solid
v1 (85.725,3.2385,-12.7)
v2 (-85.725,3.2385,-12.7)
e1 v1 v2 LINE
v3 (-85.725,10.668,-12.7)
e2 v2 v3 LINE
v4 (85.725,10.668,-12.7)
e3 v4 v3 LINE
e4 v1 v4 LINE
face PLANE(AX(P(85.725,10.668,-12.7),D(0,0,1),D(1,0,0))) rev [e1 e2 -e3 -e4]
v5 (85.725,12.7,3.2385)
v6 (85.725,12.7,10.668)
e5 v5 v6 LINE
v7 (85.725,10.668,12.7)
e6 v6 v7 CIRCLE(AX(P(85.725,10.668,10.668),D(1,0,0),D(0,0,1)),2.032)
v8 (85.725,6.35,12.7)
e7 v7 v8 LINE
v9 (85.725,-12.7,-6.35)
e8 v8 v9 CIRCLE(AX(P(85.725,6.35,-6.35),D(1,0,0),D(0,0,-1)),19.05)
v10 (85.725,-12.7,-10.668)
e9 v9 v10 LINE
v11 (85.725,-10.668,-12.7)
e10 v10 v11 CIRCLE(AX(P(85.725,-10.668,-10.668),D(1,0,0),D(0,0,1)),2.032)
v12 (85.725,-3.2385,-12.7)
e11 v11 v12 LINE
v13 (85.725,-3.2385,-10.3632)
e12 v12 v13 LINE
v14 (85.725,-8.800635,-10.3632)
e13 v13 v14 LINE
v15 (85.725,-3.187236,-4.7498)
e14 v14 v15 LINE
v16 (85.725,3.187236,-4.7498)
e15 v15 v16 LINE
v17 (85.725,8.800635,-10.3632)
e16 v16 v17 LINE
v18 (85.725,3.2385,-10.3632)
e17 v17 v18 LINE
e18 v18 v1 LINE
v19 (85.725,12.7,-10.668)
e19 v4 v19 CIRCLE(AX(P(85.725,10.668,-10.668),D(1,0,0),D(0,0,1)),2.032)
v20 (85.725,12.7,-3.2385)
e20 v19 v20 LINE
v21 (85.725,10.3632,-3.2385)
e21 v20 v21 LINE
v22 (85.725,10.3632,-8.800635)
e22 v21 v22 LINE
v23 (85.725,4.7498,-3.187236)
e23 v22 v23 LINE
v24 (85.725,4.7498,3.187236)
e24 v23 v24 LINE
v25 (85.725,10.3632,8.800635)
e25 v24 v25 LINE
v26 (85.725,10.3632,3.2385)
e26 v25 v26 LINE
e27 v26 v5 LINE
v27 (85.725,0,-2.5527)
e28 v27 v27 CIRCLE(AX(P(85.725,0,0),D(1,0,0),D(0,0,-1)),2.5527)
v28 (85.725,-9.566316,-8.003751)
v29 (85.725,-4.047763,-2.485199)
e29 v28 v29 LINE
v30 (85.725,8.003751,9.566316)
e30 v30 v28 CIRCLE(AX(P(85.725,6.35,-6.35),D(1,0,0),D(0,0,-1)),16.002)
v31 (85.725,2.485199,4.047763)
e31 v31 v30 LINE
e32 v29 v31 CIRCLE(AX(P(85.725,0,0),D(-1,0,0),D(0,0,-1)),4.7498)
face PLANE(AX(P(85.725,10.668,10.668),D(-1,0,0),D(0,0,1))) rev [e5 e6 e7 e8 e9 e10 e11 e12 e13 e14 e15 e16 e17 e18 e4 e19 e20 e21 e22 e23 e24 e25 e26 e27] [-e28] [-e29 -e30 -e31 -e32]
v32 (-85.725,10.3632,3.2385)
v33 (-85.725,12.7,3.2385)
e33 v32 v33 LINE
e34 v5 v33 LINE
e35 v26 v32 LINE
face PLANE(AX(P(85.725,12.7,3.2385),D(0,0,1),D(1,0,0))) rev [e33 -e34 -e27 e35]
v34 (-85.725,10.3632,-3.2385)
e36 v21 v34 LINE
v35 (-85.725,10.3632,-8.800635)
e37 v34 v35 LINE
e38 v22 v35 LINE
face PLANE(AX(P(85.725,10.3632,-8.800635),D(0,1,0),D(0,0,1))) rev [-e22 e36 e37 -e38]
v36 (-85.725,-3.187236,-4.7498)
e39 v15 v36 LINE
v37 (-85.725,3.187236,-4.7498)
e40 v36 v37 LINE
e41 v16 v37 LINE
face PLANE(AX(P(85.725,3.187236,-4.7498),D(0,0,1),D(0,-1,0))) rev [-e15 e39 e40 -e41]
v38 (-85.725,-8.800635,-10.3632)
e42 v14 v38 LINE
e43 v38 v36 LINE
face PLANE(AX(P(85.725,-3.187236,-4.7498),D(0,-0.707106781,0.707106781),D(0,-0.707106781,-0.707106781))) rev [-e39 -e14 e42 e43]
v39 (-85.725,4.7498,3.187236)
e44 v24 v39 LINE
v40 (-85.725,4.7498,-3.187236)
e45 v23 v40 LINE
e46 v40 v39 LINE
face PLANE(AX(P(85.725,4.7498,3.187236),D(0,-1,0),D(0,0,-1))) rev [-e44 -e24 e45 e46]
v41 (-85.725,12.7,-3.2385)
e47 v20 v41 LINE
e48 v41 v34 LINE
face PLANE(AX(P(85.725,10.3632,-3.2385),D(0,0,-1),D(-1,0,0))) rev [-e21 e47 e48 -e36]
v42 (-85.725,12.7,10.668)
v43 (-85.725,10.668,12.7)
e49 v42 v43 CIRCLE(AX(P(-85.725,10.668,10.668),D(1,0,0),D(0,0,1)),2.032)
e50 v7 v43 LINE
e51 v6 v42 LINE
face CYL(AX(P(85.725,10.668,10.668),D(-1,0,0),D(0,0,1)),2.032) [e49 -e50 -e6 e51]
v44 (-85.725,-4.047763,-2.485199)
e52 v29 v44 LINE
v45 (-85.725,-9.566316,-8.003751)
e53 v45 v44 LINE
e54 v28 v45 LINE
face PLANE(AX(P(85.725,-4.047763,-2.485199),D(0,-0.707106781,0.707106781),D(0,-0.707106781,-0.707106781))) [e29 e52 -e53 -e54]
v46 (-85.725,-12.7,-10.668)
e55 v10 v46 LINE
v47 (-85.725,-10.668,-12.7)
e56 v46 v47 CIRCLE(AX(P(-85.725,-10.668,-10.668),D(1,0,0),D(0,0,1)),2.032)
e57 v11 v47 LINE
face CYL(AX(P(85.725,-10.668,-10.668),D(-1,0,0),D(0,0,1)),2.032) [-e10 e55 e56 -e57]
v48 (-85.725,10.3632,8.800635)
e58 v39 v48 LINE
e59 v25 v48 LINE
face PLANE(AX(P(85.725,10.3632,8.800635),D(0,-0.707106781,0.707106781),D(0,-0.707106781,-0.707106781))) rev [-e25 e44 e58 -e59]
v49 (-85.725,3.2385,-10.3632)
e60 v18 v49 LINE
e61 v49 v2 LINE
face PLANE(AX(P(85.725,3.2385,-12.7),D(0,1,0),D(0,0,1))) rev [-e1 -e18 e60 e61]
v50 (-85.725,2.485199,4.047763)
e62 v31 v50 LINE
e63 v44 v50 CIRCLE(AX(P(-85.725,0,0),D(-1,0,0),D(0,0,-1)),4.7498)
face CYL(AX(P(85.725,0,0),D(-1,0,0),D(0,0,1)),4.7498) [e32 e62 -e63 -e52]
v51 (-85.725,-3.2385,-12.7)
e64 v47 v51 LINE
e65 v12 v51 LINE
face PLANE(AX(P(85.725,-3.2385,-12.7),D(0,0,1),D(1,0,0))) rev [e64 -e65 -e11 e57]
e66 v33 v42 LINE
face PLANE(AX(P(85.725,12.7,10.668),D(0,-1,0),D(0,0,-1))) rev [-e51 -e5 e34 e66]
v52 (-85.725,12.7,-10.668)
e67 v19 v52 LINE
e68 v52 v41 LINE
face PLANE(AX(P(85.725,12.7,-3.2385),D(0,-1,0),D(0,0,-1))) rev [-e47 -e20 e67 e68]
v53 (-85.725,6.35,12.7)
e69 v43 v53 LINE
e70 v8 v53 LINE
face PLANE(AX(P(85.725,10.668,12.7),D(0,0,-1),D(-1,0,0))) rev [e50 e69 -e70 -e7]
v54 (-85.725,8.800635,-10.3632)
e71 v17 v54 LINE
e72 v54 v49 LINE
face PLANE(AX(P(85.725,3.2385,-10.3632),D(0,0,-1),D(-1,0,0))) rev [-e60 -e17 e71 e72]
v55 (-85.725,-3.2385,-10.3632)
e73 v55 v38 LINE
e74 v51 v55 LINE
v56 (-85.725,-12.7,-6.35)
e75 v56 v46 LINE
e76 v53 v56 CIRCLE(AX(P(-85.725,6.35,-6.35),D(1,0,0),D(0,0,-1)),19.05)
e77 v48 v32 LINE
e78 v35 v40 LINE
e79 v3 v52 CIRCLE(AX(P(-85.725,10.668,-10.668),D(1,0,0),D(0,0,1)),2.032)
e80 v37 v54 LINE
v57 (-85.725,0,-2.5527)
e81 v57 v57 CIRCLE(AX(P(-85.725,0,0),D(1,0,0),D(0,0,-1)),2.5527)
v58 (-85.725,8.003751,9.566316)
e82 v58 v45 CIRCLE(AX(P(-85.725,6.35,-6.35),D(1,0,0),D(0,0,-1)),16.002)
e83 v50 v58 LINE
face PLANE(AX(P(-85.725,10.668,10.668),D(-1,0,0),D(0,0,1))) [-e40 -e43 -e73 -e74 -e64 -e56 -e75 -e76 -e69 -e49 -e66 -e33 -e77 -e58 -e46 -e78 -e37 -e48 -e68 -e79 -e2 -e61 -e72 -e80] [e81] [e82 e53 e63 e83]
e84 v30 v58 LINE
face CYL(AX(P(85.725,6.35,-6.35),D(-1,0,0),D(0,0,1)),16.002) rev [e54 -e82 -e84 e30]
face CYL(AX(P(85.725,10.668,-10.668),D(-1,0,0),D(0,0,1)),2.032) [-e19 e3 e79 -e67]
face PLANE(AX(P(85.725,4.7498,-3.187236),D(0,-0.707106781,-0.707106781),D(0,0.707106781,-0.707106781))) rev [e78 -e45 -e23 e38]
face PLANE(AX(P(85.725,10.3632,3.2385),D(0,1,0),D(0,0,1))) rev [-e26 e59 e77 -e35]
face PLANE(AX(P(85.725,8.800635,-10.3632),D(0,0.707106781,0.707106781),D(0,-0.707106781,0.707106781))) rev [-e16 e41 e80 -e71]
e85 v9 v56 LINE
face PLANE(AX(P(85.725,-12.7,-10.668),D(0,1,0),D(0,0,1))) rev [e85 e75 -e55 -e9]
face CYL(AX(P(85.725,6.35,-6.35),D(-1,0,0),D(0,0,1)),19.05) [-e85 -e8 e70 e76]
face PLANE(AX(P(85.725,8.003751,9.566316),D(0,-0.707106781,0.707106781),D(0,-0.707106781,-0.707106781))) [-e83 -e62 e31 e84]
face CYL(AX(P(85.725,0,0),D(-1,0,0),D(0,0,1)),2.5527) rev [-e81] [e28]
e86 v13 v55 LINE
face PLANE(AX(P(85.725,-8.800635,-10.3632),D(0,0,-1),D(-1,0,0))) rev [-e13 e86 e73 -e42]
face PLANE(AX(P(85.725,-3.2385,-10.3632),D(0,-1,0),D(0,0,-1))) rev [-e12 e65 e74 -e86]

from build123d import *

# Parameters (mm, degrees)
SKETCH3_R                = 2.5527
BOSS_EXTRUDE1_DEPTH      = 85.725
BOSS_EXTRUDE1_DEPTH_BACK = 85.725


with BuildPart() as part:
    # Sketch3 → Boss-Extrude1 (new body, two sides)
    with BuildSketch(Plane(origin=(0, 0, 0), x_dir=(0, 0, -1), z_dir=(1, 0, 0))) as boss_extrude1_sk:
        with BuildLine():
            Line((-10.668, 12.7), (-3.2385, 12.7))
            Line((-3.2385, 12.7), (-3.2385, 10.3632))
            Line((-3.2385, 10.3632), (-8.800635435, 10.3632))
            Line((-8.800635435, 10.3632), (-3.187235669, 4.749800235))
            Line((-3.187235669, 4.749800235), (3.187235669, 4.749800235))
            Line((3.187235669, 4.749800235), (8.800635435, 10.3632))
            Line((8.800635435, 10.3632), (3.2385, 10.3632))
            Line((3.2385, 10.3632), (3.2385, 12.7))
            Line((3.2385, 12.7), (10.668, 12.7))
            ThreePointArc((10.668, 12.7), (12.104840979, 12.104840979), (12.7, 10.668))
            Line((12.7, 10.668), (12.7, 3.2385))
            Line((12.7, 3.2385), (10.3632, 3.2385))
            Line((10.3632, 3.2385), (10.3632, 8.800635435))
            Line((10.3632, 8.800635435), (4.749800235, 3.187235669))
            Line((4.749800235, 3.187235669), (4.749800235, -3.187235669))
            Line((4.749800235, -3.187235669), (10.3632, -8.800635435))
            Line((10.3632, -8.800635435), (10.3632, -3.2385))
            Line((10.3632, -3.2385), (12.7, -3.2385))
            Line((12.7, -3.2385), (12.7, -10.668))
            ThreePointArc((12.7, -10.668), (12.104840979, -12.104840979), (10.668, -12.7))
            Line((10.668, -12.7), (6.35, -12.7))
            ThreePointArc((6.35, -12.7), (-7.120384182, -7.120384182), (-12.7, 6.35))
            Line((-12.7, 6.35), (-12.7, 10.668))
            ThreePointArc((-12.7, 10.668), (-12.104840979, 12.104840979), (-10.668, 12.7))
        make_face()
        Circle(SKETCH3_R, mode=Mode.SUBTRACT)
        with BuildLine():
            Line((2.485198871, -4.047763436), (8.003751298, -9.566315863))
            ThreePointArc((8.003751298, -9.566315863), (-4.965122713, -4.965122713), (-9.566315863, 8.003751298))
            Line((-9.566315863, 8.003751298), (-4.047763436, 2.485198871))
            ThreePointArc((-4.047763436, 2.485198871), (-3.358615955, -3.358615955), (2.485198871, -4.047763436))
        make_face(mode=Mode.SUBTRACT)
    extrude(amount=BOSS_EXTRUDE1_DEPTH)
    extrude(boss_extrude1_sk.sketch, amount=-BOSS_EXTRUDE1_DEPTH_BACK)


solid = part.part
